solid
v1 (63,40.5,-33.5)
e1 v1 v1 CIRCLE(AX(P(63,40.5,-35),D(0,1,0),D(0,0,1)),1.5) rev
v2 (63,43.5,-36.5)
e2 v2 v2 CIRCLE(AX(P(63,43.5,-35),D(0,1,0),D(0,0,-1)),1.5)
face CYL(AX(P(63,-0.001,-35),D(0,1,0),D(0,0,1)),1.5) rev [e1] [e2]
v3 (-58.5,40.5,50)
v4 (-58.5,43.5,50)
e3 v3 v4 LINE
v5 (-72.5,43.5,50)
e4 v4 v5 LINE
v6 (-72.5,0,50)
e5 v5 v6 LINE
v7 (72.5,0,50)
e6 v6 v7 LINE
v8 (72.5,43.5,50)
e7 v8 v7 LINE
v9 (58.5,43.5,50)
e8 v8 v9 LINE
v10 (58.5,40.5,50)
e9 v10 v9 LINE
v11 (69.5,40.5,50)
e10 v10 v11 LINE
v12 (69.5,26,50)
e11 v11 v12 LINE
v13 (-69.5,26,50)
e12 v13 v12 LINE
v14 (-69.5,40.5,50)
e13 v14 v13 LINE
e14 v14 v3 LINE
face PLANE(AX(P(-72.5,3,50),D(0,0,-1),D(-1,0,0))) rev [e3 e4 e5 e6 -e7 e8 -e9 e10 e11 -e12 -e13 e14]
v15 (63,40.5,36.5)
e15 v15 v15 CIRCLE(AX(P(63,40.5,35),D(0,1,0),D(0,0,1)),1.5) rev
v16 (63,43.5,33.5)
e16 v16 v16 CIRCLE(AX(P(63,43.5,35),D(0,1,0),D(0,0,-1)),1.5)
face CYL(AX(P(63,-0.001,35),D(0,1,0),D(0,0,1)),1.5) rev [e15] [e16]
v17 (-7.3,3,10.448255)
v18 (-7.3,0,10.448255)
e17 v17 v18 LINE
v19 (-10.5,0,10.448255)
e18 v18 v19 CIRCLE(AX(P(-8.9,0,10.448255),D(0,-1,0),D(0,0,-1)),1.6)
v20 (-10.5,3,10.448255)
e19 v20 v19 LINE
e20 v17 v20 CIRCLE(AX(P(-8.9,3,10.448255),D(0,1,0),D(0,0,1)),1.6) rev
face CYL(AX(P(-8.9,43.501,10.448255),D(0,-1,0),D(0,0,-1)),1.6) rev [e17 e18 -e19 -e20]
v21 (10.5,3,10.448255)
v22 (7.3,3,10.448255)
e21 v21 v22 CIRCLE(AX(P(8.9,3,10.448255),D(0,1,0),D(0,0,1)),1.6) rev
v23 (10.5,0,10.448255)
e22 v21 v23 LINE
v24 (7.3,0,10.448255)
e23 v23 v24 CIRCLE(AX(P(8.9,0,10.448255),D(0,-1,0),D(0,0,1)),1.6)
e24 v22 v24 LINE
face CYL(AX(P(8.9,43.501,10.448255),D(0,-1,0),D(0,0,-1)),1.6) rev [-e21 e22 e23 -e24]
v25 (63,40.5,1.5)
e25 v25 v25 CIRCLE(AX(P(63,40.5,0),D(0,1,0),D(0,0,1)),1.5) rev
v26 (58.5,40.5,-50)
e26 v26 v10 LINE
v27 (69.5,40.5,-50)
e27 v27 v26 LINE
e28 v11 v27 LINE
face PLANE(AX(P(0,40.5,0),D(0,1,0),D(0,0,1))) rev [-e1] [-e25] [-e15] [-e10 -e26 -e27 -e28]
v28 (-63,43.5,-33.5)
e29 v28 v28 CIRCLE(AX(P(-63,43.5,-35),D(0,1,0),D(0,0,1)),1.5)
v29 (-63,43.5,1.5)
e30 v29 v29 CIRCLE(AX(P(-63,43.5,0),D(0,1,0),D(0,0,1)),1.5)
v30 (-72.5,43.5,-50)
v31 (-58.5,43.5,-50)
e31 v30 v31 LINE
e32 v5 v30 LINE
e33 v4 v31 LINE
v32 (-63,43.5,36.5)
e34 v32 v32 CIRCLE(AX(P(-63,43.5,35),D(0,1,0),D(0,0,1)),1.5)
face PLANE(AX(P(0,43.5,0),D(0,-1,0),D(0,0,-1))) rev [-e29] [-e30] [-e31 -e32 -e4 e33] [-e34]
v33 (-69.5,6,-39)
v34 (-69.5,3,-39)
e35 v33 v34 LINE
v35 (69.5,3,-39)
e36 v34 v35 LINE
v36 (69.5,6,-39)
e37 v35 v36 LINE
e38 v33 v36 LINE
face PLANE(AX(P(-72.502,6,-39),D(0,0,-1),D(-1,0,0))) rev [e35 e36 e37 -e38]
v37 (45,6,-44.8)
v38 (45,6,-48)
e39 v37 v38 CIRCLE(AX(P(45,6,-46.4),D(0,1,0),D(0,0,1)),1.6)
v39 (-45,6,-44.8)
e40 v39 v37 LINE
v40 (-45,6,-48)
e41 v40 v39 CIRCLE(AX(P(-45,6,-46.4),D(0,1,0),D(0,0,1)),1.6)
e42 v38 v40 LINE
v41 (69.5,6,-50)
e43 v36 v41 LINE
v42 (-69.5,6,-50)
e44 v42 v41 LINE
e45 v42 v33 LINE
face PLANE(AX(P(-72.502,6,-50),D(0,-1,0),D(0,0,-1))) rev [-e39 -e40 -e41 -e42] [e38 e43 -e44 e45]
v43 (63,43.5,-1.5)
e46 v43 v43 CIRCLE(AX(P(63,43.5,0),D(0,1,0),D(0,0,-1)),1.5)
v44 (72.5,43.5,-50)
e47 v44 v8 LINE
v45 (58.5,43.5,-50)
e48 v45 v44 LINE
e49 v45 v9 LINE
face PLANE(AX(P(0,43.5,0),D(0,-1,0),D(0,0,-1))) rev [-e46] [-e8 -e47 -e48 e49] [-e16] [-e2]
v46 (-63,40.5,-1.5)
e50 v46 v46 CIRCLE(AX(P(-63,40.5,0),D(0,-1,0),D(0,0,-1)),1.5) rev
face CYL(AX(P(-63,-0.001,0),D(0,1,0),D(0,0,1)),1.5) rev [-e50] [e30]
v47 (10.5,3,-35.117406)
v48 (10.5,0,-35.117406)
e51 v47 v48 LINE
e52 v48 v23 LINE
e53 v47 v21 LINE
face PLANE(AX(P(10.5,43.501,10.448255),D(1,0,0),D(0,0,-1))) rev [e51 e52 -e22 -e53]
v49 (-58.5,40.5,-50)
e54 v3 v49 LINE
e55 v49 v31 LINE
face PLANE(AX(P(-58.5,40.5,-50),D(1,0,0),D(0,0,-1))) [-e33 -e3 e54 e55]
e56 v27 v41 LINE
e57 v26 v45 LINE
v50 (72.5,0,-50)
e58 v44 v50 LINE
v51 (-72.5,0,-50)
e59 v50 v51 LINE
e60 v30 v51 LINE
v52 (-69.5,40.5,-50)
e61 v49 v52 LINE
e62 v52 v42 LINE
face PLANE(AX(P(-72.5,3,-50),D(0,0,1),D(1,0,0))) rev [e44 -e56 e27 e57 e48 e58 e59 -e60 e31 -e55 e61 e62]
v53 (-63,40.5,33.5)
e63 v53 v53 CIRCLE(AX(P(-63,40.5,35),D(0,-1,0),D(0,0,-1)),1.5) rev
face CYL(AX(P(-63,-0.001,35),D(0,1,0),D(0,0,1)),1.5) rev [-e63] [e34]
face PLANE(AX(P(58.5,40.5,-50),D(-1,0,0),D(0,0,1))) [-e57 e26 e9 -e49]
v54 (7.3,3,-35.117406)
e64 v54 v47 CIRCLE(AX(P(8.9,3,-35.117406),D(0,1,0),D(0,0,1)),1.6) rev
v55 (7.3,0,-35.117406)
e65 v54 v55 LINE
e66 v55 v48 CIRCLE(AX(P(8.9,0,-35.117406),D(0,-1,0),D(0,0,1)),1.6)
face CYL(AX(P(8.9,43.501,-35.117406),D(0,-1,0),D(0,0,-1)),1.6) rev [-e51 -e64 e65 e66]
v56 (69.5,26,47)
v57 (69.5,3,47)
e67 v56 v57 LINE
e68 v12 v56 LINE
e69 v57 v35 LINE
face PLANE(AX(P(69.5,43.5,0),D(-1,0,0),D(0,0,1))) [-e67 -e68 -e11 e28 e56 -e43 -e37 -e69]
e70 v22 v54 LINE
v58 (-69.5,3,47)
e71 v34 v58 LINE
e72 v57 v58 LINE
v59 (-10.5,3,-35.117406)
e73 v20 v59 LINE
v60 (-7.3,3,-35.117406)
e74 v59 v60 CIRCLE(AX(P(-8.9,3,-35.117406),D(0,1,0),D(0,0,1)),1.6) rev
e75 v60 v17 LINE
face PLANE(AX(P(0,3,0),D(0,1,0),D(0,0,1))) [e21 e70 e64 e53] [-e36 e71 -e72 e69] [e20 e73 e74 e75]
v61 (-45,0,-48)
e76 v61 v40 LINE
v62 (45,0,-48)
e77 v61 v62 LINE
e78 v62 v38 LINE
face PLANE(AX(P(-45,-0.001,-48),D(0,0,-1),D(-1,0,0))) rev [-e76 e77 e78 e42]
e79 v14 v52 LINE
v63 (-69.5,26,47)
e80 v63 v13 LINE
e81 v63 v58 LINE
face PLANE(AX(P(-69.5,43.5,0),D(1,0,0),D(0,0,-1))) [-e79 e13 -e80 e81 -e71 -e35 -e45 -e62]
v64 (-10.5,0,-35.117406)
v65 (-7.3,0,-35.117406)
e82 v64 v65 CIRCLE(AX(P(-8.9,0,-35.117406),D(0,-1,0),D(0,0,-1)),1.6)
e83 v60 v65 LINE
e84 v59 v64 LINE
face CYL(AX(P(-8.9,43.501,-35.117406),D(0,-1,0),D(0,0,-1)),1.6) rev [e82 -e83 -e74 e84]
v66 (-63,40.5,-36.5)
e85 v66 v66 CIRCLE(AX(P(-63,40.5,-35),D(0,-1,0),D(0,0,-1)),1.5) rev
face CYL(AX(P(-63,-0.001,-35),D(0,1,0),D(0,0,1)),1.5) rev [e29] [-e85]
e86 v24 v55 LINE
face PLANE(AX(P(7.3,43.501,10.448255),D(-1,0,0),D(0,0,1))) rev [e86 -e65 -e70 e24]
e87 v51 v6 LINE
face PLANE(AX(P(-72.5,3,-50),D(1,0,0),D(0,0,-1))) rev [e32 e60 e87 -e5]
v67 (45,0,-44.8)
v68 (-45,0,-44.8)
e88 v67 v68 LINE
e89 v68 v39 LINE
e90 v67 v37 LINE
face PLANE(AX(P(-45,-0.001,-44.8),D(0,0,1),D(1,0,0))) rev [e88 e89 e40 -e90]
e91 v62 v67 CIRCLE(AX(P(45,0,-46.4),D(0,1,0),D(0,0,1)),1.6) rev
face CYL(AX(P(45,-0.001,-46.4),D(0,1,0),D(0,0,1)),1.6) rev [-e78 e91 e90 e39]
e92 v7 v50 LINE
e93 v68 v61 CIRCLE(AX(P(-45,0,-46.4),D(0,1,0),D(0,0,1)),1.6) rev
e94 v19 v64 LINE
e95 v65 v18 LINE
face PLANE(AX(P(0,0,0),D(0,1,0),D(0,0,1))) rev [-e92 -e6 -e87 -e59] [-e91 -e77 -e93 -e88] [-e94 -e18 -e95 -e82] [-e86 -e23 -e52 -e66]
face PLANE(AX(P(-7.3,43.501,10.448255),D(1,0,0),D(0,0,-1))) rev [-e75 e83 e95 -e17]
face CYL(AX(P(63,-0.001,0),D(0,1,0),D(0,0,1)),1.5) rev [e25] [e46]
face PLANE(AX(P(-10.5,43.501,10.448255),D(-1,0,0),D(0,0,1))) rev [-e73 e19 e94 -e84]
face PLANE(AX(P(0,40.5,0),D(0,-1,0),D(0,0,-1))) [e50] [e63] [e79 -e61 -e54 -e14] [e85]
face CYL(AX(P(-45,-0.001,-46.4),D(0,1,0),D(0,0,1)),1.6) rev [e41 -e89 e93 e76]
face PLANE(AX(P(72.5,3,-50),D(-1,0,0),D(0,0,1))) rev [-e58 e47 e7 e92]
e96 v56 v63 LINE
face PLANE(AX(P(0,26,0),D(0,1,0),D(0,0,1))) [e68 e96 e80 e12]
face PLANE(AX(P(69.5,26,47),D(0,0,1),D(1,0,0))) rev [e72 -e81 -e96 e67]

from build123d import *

# Parameters (mm, degrees)
SKETCH_1_W          = 145
SKETCH_1_H          = 100
EXTRUDE_1_DEPTH     = 3
EXTRUDE_START       = 3
SKETCH_2_W          = 3
SKETCH_2_H          = 100
EXTRUDE_2_DEPTH     = 40.5
SKETCH_3_W          = 139
SKETCH_3_H          = 3
EXTRUDE_3_DEPTH     = 23
SKETCH_4_W          = 14
SKETCH_4_H          = 100
EXTRUDE_4_DEPTH     = 3
CUT_EXTRUDE_1_REACH = 100.227
SKETCH_5_R          = 1.5
CUT_EXTRUDE_2_REACH = 100.227
EXTRUDE_5_REACH     = 158.704
SKETCH_7_W          = 11
SKETCH_7_H          = 3
CUT_EXTRUDE_3_REACH = 97.721


with BuildPart() as part:
    # 草图1 → 凸台-拉伸1 (new body)
    with BuildSketch(Plane(origin=(0, 0, 0), x_dir=(1, 0, 0), z_dir=(0, 1, 0))):
        Rectangle(SKETCH_1_W, SKETCH_1_H)
    extrude(amount=EXTRUDE_1_DEPTH)

    # 草图2 → 凸台-拉伸2 (add)
    with BuildSketch(Plane(origin=(0, 0, 0), x_dir=(1, 0, 0), z_dir=(0, 1, 0)).offset(EXTRUDE_START)):
        with Locations((-71, 0)):
            Rectangle(SKETCH_2_W, SKETCH_2_H)
        with Locations((71, 0)):
            Rectangle(SKETCH_2_W, SKETCH_2_H)
    extrude(amount=EXTRUDE_2_DEPTH)

    # 草图3 → 凸台-拉伸3 (add)
    with BuildSketch(Plane(origin=(0, 3, 0), x_dir=(1, 0, 0), z_dir=(0, 1, 0))):
        with Locations((0, -48.5)):
            Rectangle(SKETCH_3_W, SKETCH_3_H)
    extrude(amount=EXTRUDE_3_DEPTH)

    # 草图4 → 凸台-拉伸4 (add)
    with BuildSketch(Plane(origin=(0, 43.5, 0), x_dir=(1, 0, 0), z_dir=(0, 1, 0))):
        with Locations((-65.5, 0)):
            Rectangle(SKETCH_4_W, SKETCH_4_H)
        with Locations((65.5, 0)):
            Rectangle(SKETCH_4_W, SKETCH_4_H)
    extrude(amount=-EXTRUDE_4_DEPTH)

    # 草图5 → 切除-拉伸1 (cut, up to next)
    with BuildSketch(Plane(origin=(0, 43.5, 0), x_dir=(1, 0, 0), z_dir=(0, 1, 0)), mode=Mode.PRIVATE) as cut_extrude_1_sk1:
        with Locations(Location((-63, 35, 0), (0, 0, 270))):
            Circle(SKETCH_5_R)
    cut_extrude_1_tool1 = extrude(cut_extrude_1_sk1.sketch, amount=-CUT_EXTRUDE_1_REACH, mode=Mode.PRIVATE) & part.part
    # 草图5 → 切除-拉伸1 (cut, up to next)
    with BuildSketch(Plane(origin=(0, 43.5, 0), x_dir=(1, 0, 0), z_dir=(0, 1, 0)), mode=Mode.PRIVATE) as cut_extrude_1_sk2:
        with Locations(Location((-63, 0, 0), (0, 0, 270))):
            Circle(SKETCH_5_R)
    cut_extrude_1_tool2 = extrude(cut_extrude_1_sk2.sketch, amount=-CUT_EXTRUDE_1_REACH, mode=Mode.PRIVATE) & part.part
    # 草图5 → 切除-拉伸1 (cut, up to next)
    with BuildSketch(Plane(origin=(0, 43.5, 0), x_dir=(1, 0, 0), z_dir=(0, 1, 0)), mode=Mode.PRIVATE) as cut_extrude_1_sk3:
        with Locations(Location((-63, -35, 0), (0, 0, 270))):
            Circle(SKETCH_5_R)
    cut_extrude_1_tool3 = extrude(cut_extrude_1_sk3.sketch, amount=-CUT_EXTRUDE_1_REACH, mode=Mode.PRIVATE) & part.part
    # 草图5 → 切除-拉伸1 (cut, up to next)
    with BuildSketch(Plane(origin=(0, 43.5, 0), x_dir=(1, 0, 0), z_dir=(0, 1, 0)), mode=Mode.PRIVATE) as cut_extrude_1_sk4:
        with Locations(Location((63, -35, 0), (0, 0, 270))):
            Circle(SKETCH_5_R)
    cut_extrude_1_tool4 = extrude(cut_extrude_1_sk4.sketch, amount=-CUT_EXTRUDE_1_REACH, mode=Mode.PRIVATE) & part.part
    # 草图5 → 切除-拉伸1 (cut, up to next)
    with BuildSketch(Plane(origin=(0, 43.5, 0), x_dir=(1, 0, 0), z_dir=(0, 1, 0)), mode=Mode.PRIVATE) as cut_extrude_1_sk5:
        with Locations(Location((63, 0, 0), (0, 0, 270))):
            Circle(SKETCH_5_R)
    cut_extrude_1_tool5 = extrude(cut_extrude_1_sk5.sketch, amount=-CUT_EXTRUDE_1_REACH, mode=Mode.PRIVATE) & part.part
    # 草图5 → 切除-拉伸1 (cut, up to next)
    with BuildSketch(Plane(origin=(0, 43.5, 0), x_dir=(1, 0, 0), z_dir=(0, 1, 0)), mode=Mode.PRIVATE) as cut_extrude_1_sk6:
        with Locations(Location((63, 35, 0), (0, 0, 270))):
            Circle(SKETCH_5_R)
    cut_extrude_1_tool6 = extrude(cut_extrude_1_sk6.sketch, amount=-CUT_EXTRUDE_1_REACH, mode=Mode.PRIVATE) & part.part
    add(cut_extrude_1_tool1.solids().sort_by_distance((-63, 43.5, -35))[0], mode=Mode.SUBTRACT)
    add(cut_extrude_1_tool2.solids().sort_by_distance((-63, 43.5, 0))[0], mode=Mode.SUBTRACT)
    add(cut_extrude_1_tool3.solids().sort_by_distance((-63, 43.5, 35))[0], mode=Mode.SUBTRACT)
    add(cut_extrude_1_tool4.solids().sort_by_distance((63, 43.5, 35))[0], mode=Mode.SUBTRACT)
    add(cut_extrude_1_tool5.solids().sort_by_distance((63, 43.5, 0))[0], mode=Mode.SUBTRACT)
    add(cut_extrude_1_tool6.solids().sort_by_distance((63, 43.5, -35))[0], mode=Mode.SUBTRACT)

    # 草图6 → 切除-拉伸2 (cut, up to next)
    with BuildSketch(Plane.XZ, mode=Mode.PRIVATE) as cut_extrude_2_sk1:
        with BuildLine():
            Line((-7.3, 10.448254834), (-7.3, -35.117406069))
            ThreePointArc((-7.3, -35.117406069), (-8.9, -36.717406069), (-10.5, -35.117406069))
            Line((-10.5, -35.117406069), (-10.5, 10.448254834))
            ThreePointArc((-10.5, 10.448254834), (-8.9, 12.048254834), (-7.3, 10.448254834))
        make_face()
    cut_extrude_2_tool1 = extrude(cut_extrude_2_sk1.sketch, amount=-CUT_EXTRUDE_2_REACH, mode=Mode.PRIVATE) & part.part
    # 草图6 → 切除-拉伸2 (cut, up to next)
    with BuildSketch(Plane.XZ, mode=Mode.PRIVATE) as cut_extrude_2_sk2:
        with BuildLine():
            Line((7.3, 10.448254834), (7.3, -35.117406069))
            ThreePointArc((7.3, -35.117406069), (8.9, -36.717406069), (10.5, -35.117406069))
            Line((10.5, -35.117406069), (10.5, 10.448254834))
            ThreePointArc((10.5, 10.448254834), (8.9, 12.048254834), (7.3, 10.448254834))
        make_face()
    cut_extrude_2_tool2 = extrude(cut_extrude_2_sk2.sketch, amount=-CUT_EXTRUDE_2_REACH, mode=Mode.PRIVATE) & part.part
    add(cut_extrude_2_tool1.solids().sort_by_distance((-8.9, 0, -12.334576))[0], mode=Mode.SUBTRACT)
    add(cut_extrude_2_tool2.solids().sort_by_distance((8.9, 0, -12.334576))[0], mode=Mode.SUBTRACT)

    # 草图7 → 凸台-拉伸5 (add, up to next)
    with BuildSketch(Plane.ZY.offset(-69.5), mode=Mode.PRIVATE) as extrude_5_sk1:
        with Locations((-44.5, 4.5)):
            Rectangle(SKETCH_7_W, SKETCH_7_H)
    extrude_5_tool1 = extrude(extrude_5_sk1.sketch, amount=EXTRUDE_5_REACH, mode=Mode.PRIVATE) - part.part
    add(extrude_5_tool1.solids().sort_by_distance((69.5, 4.5, -44.5))[0])

    # 草图8 → 切除-拉伸3 (cut, up to next)
    with BuildSketch(Plane(origin=(0, 6, 0), x_dir=(1, 0, 0), z_dir=(0, 1, 0)), mode=Mode.PRIVATE) as cut_extrude_3_sk1:
        with BuildLine():
            Line((-45, 48), (45, 48))
            ThreePointArc((45, 48), (46.6, 46.4), (45, 44.8))
            Line((45, 44.8), (-45, 44.8))
            ThreePointArc((-45, 44.8), (-46.6, 46.4), (-45, 48))
        make_face()
    cut_extrude_3_tool1 = extrude(cut_extrude_3_sk1.sketch, amount=-CUT_EXTRUDE_3_REACH, mode=Mode.PRIVATE) & part.part
    add(cut_extrude_3_tool1.solids().sort_by_distance((0, 6, -46.4))[0], mode=Mode.SUBTRACT)


solid = part.part
